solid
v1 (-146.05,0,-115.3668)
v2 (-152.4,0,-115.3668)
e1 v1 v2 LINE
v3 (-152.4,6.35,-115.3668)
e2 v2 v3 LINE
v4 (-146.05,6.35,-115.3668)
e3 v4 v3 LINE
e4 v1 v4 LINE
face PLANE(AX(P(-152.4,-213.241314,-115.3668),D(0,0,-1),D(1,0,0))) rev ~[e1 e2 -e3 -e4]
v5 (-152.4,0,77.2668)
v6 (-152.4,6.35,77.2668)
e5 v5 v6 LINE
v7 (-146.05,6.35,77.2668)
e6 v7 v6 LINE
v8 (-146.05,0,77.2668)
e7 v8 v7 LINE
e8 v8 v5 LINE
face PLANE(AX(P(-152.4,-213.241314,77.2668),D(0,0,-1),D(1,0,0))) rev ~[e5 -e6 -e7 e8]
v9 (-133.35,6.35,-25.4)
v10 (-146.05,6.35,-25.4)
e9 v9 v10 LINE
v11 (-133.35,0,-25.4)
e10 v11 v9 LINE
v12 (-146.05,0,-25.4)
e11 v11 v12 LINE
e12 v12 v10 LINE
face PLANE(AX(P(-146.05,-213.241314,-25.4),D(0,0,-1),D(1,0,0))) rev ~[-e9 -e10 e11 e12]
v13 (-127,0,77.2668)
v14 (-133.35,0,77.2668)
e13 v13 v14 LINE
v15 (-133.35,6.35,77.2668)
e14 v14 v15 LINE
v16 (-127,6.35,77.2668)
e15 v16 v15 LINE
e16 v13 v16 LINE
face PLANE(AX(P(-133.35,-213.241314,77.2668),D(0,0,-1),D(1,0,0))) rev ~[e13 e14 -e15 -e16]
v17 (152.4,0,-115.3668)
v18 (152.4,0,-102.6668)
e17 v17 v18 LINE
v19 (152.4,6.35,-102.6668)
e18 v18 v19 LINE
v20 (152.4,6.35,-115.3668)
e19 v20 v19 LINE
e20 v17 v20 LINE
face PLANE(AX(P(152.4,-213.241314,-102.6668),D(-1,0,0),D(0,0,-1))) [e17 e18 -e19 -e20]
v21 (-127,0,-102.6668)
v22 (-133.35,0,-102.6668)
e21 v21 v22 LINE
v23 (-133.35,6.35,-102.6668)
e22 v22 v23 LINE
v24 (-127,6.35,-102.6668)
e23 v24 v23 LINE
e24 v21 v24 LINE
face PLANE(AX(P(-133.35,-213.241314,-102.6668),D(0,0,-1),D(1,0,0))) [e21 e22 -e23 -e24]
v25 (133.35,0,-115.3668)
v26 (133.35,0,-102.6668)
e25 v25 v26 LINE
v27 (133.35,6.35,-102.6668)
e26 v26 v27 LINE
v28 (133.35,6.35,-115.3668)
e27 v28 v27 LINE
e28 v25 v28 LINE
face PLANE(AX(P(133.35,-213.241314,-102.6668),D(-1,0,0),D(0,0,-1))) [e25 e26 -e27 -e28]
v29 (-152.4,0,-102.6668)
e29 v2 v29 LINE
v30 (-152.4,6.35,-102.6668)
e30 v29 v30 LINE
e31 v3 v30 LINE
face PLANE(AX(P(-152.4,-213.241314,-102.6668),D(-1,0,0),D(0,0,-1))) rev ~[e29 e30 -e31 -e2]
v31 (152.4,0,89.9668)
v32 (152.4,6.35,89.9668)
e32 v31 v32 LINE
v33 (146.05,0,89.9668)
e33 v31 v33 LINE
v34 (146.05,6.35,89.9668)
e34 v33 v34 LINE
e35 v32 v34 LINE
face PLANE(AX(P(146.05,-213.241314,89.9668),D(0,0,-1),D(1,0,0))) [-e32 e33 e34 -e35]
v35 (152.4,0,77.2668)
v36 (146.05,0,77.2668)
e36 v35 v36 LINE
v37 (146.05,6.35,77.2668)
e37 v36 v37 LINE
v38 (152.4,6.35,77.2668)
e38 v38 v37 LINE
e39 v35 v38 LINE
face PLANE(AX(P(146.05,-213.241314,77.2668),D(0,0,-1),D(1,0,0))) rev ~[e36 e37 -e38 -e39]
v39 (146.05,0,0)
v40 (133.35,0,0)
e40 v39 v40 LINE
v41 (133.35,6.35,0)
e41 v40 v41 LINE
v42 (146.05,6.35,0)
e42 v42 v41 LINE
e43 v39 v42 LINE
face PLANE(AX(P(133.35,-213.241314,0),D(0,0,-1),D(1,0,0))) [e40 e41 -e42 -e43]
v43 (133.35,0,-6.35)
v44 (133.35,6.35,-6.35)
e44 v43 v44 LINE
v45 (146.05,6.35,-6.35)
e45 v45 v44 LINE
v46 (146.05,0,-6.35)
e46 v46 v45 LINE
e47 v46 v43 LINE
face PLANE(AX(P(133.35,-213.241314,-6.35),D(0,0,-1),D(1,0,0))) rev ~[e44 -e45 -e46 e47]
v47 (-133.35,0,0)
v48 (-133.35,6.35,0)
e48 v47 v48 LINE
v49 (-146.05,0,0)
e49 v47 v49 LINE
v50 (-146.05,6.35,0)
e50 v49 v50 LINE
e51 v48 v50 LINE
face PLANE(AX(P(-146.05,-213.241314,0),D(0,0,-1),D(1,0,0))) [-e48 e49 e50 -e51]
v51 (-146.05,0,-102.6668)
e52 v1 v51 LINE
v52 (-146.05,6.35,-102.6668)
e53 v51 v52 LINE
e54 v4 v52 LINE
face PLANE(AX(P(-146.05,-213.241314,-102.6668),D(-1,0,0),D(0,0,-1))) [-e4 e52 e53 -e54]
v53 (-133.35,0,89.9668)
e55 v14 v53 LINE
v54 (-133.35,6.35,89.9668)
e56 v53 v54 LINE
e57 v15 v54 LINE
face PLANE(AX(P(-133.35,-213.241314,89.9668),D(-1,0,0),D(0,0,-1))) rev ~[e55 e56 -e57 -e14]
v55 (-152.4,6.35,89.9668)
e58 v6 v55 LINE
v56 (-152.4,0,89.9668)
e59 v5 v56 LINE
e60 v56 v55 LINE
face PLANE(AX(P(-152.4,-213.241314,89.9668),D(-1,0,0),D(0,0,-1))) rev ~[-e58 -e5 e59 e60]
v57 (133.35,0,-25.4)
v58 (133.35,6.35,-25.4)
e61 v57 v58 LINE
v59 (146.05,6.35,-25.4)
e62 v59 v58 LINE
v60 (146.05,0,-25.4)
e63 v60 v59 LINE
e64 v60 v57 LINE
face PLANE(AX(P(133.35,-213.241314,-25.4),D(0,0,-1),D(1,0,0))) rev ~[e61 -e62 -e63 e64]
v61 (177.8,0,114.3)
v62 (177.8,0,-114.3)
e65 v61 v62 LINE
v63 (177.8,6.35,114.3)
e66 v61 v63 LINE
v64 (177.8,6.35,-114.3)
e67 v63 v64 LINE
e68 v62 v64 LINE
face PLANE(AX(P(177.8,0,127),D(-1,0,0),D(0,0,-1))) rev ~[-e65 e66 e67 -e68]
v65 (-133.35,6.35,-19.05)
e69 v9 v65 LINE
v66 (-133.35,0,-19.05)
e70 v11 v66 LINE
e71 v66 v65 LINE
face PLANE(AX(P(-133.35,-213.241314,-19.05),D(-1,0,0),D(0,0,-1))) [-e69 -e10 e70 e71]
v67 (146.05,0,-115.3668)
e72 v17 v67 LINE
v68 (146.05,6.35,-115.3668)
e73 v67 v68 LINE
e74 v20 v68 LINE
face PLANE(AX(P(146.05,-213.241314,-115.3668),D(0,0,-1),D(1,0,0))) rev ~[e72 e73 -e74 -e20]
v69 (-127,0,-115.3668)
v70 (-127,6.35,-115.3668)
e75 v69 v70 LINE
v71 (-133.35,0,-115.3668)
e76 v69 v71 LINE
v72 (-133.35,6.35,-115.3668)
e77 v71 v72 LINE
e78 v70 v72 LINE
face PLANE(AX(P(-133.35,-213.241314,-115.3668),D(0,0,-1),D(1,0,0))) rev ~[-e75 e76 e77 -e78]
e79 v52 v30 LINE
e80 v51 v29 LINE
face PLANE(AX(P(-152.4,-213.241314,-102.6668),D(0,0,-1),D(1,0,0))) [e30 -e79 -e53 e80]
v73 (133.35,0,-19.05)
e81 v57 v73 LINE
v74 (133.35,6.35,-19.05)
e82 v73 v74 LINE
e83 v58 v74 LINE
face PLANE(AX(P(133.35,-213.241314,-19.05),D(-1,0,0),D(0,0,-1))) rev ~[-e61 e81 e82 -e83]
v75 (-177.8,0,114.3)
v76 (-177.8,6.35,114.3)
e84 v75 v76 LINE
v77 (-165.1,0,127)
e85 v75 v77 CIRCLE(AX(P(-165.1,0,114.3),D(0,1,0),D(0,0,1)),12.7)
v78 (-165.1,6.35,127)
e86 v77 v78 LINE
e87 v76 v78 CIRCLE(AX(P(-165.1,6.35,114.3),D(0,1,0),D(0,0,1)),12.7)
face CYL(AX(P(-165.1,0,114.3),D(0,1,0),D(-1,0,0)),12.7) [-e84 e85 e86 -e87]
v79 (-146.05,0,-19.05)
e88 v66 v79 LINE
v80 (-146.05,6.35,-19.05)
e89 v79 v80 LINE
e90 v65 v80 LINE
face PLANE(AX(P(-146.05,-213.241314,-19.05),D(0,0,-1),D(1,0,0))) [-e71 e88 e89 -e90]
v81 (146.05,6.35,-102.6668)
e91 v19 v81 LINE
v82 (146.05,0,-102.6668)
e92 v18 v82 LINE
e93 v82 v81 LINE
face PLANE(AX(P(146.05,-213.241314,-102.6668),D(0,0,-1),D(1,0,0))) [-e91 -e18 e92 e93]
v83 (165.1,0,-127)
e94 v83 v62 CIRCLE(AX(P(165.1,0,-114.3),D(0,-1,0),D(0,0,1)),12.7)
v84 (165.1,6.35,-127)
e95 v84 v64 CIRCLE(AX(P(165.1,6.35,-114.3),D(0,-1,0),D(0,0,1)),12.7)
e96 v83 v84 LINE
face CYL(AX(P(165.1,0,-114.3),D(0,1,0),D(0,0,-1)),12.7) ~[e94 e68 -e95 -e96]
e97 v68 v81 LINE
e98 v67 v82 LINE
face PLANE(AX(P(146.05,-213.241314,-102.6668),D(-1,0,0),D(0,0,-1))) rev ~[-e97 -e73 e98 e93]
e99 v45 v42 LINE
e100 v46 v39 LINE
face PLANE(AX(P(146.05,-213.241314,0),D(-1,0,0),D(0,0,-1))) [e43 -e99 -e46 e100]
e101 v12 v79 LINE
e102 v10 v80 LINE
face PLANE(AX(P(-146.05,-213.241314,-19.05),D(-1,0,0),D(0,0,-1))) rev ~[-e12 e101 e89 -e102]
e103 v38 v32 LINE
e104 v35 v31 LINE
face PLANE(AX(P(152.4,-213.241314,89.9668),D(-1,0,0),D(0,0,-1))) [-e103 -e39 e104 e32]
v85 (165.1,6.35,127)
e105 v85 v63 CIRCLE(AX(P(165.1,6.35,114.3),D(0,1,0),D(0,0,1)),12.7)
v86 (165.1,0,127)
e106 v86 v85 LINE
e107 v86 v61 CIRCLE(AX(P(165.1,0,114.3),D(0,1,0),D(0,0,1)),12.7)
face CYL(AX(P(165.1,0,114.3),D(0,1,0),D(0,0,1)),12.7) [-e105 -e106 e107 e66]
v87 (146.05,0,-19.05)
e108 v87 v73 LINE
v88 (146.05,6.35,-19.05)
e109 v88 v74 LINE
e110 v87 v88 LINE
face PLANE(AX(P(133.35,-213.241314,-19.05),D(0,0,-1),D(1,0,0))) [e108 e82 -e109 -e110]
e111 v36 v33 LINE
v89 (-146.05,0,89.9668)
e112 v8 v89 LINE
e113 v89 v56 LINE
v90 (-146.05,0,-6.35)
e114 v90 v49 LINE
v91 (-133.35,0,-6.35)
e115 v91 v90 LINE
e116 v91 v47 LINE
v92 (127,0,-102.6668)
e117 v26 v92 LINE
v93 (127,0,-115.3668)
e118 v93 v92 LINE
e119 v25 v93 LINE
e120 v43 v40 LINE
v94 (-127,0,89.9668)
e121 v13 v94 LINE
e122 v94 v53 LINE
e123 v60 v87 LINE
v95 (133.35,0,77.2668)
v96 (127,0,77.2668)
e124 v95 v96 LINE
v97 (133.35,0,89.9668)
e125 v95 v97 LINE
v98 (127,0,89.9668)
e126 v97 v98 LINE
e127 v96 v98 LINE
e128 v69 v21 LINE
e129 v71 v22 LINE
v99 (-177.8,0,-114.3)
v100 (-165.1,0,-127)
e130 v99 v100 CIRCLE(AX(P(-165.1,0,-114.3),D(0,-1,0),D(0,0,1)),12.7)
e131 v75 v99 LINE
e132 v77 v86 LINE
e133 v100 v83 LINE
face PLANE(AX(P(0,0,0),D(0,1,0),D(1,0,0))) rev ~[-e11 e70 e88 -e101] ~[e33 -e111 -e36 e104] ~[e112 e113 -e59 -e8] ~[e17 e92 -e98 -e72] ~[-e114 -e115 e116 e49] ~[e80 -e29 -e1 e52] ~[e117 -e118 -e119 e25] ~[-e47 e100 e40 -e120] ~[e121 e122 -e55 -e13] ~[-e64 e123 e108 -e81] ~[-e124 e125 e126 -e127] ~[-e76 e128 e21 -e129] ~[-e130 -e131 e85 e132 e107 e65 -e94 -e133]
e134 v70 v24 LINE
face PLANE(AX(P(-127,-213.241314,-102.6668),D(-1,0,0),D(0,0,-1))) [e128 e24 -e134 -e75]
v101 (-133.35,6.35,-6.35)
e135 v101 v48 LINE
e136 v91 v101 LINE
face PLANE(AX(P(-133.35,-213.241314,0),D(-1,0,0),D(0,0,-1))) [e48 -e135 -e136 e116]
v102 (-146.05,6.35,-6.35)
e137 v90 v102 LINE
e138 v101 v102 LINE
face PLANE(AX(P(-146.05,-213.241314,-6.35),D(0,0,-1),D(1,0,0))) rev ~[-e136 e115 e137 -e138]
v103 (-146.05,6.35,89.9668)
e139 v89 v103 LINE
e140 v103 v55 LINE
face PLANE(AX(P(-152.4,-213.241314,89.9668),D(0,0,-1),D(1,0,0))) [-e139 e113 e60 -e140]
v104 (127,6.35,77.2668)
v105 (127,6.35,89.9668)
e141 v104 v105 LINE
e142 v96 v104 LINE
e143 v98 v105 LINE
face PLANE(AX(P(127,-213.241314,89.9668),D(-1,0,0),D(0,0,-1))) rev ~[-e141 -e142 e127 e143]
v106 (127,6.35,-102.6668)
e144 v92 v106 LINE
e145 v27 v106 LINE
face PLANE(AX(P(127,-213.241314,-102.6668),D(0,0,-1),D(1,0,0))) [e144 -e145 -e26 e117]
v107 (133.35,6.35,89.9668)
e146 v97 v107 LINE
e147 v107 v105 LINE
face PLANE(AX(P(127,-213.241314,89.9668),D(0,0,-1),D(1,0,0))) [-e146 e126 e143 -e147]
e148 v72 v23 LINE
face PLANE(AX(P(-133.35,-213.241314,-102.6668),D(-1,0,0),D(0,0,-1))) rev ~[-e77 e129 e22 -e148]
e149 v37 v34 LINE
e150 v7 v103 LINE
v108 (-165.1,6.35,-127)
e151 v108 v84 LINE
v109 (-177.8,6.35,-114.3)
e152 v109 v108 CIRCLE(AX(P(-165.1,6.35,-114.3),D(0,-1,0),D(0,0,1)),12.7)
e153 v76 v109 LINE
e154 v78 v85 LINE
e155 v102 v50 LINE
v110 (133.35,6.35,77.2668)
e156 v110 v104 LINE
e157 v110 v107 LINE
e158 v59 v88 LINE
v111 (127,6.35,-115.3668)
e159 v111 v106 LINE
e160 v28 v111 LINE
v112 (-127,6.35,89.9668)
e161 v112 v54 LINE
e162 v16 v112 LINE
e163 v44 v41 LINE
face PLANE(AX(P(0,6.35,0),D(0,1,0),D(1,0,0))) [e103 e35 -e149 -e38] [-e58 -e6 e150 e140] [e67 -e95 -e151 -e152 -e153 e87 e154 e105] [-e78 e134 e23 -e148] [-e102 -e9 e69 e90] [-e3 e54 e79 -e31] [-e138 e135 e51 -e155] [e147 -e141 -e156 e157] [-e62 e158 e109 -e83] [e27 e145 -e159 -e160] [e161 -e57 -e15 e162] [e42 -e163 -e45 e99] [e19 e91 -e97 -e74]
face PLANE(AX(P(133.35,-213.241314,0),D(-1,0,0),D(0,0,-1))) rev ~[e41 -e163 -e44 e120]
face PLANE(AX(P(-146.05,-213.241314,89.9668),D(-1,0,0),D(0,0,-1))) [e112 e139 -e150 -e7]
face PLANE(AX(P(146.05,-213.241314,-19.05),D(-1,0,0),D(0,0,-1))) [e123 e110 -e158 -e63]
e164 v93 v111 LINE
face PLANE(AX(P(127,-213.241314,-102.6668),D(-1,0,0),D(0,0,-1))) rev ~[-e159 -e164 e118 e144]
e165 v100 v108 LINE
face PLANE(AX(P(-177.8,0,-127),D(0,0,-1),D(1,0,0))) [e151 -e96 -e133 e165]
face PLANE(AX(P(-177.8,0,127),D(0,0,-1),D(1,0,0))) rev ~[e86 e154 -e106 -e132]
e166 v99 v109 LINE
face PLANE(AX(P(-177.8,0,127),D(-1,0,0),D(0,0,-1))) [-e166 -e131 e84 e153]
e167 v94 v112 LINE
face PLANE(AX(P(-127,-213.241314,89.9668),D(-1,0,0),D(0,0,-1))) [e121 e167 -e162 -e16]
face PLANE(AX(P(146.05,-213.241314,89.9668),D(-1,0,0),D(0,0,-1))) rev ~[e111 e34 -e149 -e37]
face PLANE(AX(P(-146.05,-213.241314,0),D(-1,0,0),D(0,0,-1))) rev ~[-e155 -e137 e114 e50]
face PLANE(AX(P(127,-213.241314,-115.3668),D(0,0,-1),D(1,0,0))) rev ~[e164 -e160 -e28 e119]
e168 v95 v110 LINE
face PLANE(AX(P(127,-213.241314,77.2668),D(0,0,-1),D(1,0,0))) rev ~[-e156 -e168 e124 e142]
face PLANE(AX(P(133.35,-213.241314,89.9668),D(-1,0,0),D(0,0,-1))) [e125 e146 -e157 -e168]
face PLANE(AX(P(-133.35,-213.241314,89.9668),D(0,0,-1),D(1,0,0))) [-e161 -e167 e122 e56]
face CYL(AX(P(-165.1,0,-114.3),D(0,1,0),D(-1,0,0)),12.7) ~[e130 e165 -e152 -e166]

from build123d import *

# Parameters (mm, degrees)
ESQUISSE2_W                  = 355.6
ESQUISSE2_H                  = 254
BOSS_EXTRU_1_DEPTH           = 6.35
ENL_V_MAT_EXTRU_1_DEPTH      = 219.591313871
ENL_V_MAT_EXTRU_1_DEPTH_BACK = 219.591313871
ESQUISSE3_W                  = 12.7
ESQUISSE3_H                  = 6.35
ESQUISSE3_W_2                = 6.35
ESQUISSE3_H_2                = 12.7
CONG_1_R                     = 12.7


with BuildPart() as part:
    # Esquisse2 → Boss.-Extru.1 (new body)
    with BuildSketch(Plane(origin=(0, 0, 0), x_dir=(1, 0, 0), z_dir=(0, 1, 0))):
        Rectangle(ESQUISSE2_W, ESQUISSE2_H)
    extrude(amount=BOSS_EXTRU_1_DEPTH)

    # Esquisse3 → Enlèv. mat.-Extru.1 (cut, two sides: drawn at the far end of the back side and taken through both)
    with BuildSketch(Plane(origin=(0, 6.35, 0), x_dir=(1, 0, 0), z_dir=(0, 1, 0)).offset(-ENL_V_MAT_EXTRU_1_DEPTH_BACK)):
        with Locations((-139.7, 22.225)):
            Rectangle(ESQUISSE3_W, ESQUISSE3_H)
        with Locations((-139.7, 3.175)):
            Rectangle(ESQUISSE3_W, ESQUISSE3_H)
        with Locations((-130.175, -83.6168)):
            Rectangle(ESQUISSE3_W_2, ESQUISSE3_H_2)
        with Locations((-149.225, 109.0168)):
            Rectangle(ESQUISSE3_W_2, ESQUISSE3_H_2)
        with Locations((-130.175, 109.0168)):
            Rectangle(ESQUISSE3_W_2, ESQUISSE3_H_2)
        with Locations((-149.225, -83.6168)):
            Rectangle(ESQUISSE3_W_2, ESQUISSE3_H_2)
        with Locations((149.225, -83.6168)):
            Rectangle(ESQUISSE3_W_2, ESQUISSE3_H_2)
        with Locations((130.175, -83.6168)):
            Rectangle(ESQUISSE3_W_2, ESQUISSE3_H_2)
        with Locations((130.175, 109.0168)):
            Rectangle(ESQUISSE3_W_2, ESQUISSE3_H_2)
        with Locations((149.225, 109.0168)):
            Rectangle(ESQUISSE3_W_2, ESQUISSE3_H_2)
        with Locations((139.7, 3.175)):
            Rectangle(ESQUISSE3_W, ESQUISSE3_H)
        with Locations((139.7, 22.225)):
            Rectangle(ESQUISSE3_W, ESQUISSE3_H)
    extrude(amount=ENL_V_MAT_EXTRU_1_DEPTH + ENL_V_MAT_EXTRU_1_DEPTH_BACK, mode=Mode.SUBTRACT)

    # Congé1
    cong_1_edges = [part.edges().sort_by_distance(p)[0] for p in [
        (177.8, 3.175, 127),
        (-177.8, 3.175, 127),
        (-177.8, 3.175, -127),
        (177.8, 3.175, -127),
    ]]
    fillet(cong_1_edges, radius=CONG_1_R)


solid = part.part
